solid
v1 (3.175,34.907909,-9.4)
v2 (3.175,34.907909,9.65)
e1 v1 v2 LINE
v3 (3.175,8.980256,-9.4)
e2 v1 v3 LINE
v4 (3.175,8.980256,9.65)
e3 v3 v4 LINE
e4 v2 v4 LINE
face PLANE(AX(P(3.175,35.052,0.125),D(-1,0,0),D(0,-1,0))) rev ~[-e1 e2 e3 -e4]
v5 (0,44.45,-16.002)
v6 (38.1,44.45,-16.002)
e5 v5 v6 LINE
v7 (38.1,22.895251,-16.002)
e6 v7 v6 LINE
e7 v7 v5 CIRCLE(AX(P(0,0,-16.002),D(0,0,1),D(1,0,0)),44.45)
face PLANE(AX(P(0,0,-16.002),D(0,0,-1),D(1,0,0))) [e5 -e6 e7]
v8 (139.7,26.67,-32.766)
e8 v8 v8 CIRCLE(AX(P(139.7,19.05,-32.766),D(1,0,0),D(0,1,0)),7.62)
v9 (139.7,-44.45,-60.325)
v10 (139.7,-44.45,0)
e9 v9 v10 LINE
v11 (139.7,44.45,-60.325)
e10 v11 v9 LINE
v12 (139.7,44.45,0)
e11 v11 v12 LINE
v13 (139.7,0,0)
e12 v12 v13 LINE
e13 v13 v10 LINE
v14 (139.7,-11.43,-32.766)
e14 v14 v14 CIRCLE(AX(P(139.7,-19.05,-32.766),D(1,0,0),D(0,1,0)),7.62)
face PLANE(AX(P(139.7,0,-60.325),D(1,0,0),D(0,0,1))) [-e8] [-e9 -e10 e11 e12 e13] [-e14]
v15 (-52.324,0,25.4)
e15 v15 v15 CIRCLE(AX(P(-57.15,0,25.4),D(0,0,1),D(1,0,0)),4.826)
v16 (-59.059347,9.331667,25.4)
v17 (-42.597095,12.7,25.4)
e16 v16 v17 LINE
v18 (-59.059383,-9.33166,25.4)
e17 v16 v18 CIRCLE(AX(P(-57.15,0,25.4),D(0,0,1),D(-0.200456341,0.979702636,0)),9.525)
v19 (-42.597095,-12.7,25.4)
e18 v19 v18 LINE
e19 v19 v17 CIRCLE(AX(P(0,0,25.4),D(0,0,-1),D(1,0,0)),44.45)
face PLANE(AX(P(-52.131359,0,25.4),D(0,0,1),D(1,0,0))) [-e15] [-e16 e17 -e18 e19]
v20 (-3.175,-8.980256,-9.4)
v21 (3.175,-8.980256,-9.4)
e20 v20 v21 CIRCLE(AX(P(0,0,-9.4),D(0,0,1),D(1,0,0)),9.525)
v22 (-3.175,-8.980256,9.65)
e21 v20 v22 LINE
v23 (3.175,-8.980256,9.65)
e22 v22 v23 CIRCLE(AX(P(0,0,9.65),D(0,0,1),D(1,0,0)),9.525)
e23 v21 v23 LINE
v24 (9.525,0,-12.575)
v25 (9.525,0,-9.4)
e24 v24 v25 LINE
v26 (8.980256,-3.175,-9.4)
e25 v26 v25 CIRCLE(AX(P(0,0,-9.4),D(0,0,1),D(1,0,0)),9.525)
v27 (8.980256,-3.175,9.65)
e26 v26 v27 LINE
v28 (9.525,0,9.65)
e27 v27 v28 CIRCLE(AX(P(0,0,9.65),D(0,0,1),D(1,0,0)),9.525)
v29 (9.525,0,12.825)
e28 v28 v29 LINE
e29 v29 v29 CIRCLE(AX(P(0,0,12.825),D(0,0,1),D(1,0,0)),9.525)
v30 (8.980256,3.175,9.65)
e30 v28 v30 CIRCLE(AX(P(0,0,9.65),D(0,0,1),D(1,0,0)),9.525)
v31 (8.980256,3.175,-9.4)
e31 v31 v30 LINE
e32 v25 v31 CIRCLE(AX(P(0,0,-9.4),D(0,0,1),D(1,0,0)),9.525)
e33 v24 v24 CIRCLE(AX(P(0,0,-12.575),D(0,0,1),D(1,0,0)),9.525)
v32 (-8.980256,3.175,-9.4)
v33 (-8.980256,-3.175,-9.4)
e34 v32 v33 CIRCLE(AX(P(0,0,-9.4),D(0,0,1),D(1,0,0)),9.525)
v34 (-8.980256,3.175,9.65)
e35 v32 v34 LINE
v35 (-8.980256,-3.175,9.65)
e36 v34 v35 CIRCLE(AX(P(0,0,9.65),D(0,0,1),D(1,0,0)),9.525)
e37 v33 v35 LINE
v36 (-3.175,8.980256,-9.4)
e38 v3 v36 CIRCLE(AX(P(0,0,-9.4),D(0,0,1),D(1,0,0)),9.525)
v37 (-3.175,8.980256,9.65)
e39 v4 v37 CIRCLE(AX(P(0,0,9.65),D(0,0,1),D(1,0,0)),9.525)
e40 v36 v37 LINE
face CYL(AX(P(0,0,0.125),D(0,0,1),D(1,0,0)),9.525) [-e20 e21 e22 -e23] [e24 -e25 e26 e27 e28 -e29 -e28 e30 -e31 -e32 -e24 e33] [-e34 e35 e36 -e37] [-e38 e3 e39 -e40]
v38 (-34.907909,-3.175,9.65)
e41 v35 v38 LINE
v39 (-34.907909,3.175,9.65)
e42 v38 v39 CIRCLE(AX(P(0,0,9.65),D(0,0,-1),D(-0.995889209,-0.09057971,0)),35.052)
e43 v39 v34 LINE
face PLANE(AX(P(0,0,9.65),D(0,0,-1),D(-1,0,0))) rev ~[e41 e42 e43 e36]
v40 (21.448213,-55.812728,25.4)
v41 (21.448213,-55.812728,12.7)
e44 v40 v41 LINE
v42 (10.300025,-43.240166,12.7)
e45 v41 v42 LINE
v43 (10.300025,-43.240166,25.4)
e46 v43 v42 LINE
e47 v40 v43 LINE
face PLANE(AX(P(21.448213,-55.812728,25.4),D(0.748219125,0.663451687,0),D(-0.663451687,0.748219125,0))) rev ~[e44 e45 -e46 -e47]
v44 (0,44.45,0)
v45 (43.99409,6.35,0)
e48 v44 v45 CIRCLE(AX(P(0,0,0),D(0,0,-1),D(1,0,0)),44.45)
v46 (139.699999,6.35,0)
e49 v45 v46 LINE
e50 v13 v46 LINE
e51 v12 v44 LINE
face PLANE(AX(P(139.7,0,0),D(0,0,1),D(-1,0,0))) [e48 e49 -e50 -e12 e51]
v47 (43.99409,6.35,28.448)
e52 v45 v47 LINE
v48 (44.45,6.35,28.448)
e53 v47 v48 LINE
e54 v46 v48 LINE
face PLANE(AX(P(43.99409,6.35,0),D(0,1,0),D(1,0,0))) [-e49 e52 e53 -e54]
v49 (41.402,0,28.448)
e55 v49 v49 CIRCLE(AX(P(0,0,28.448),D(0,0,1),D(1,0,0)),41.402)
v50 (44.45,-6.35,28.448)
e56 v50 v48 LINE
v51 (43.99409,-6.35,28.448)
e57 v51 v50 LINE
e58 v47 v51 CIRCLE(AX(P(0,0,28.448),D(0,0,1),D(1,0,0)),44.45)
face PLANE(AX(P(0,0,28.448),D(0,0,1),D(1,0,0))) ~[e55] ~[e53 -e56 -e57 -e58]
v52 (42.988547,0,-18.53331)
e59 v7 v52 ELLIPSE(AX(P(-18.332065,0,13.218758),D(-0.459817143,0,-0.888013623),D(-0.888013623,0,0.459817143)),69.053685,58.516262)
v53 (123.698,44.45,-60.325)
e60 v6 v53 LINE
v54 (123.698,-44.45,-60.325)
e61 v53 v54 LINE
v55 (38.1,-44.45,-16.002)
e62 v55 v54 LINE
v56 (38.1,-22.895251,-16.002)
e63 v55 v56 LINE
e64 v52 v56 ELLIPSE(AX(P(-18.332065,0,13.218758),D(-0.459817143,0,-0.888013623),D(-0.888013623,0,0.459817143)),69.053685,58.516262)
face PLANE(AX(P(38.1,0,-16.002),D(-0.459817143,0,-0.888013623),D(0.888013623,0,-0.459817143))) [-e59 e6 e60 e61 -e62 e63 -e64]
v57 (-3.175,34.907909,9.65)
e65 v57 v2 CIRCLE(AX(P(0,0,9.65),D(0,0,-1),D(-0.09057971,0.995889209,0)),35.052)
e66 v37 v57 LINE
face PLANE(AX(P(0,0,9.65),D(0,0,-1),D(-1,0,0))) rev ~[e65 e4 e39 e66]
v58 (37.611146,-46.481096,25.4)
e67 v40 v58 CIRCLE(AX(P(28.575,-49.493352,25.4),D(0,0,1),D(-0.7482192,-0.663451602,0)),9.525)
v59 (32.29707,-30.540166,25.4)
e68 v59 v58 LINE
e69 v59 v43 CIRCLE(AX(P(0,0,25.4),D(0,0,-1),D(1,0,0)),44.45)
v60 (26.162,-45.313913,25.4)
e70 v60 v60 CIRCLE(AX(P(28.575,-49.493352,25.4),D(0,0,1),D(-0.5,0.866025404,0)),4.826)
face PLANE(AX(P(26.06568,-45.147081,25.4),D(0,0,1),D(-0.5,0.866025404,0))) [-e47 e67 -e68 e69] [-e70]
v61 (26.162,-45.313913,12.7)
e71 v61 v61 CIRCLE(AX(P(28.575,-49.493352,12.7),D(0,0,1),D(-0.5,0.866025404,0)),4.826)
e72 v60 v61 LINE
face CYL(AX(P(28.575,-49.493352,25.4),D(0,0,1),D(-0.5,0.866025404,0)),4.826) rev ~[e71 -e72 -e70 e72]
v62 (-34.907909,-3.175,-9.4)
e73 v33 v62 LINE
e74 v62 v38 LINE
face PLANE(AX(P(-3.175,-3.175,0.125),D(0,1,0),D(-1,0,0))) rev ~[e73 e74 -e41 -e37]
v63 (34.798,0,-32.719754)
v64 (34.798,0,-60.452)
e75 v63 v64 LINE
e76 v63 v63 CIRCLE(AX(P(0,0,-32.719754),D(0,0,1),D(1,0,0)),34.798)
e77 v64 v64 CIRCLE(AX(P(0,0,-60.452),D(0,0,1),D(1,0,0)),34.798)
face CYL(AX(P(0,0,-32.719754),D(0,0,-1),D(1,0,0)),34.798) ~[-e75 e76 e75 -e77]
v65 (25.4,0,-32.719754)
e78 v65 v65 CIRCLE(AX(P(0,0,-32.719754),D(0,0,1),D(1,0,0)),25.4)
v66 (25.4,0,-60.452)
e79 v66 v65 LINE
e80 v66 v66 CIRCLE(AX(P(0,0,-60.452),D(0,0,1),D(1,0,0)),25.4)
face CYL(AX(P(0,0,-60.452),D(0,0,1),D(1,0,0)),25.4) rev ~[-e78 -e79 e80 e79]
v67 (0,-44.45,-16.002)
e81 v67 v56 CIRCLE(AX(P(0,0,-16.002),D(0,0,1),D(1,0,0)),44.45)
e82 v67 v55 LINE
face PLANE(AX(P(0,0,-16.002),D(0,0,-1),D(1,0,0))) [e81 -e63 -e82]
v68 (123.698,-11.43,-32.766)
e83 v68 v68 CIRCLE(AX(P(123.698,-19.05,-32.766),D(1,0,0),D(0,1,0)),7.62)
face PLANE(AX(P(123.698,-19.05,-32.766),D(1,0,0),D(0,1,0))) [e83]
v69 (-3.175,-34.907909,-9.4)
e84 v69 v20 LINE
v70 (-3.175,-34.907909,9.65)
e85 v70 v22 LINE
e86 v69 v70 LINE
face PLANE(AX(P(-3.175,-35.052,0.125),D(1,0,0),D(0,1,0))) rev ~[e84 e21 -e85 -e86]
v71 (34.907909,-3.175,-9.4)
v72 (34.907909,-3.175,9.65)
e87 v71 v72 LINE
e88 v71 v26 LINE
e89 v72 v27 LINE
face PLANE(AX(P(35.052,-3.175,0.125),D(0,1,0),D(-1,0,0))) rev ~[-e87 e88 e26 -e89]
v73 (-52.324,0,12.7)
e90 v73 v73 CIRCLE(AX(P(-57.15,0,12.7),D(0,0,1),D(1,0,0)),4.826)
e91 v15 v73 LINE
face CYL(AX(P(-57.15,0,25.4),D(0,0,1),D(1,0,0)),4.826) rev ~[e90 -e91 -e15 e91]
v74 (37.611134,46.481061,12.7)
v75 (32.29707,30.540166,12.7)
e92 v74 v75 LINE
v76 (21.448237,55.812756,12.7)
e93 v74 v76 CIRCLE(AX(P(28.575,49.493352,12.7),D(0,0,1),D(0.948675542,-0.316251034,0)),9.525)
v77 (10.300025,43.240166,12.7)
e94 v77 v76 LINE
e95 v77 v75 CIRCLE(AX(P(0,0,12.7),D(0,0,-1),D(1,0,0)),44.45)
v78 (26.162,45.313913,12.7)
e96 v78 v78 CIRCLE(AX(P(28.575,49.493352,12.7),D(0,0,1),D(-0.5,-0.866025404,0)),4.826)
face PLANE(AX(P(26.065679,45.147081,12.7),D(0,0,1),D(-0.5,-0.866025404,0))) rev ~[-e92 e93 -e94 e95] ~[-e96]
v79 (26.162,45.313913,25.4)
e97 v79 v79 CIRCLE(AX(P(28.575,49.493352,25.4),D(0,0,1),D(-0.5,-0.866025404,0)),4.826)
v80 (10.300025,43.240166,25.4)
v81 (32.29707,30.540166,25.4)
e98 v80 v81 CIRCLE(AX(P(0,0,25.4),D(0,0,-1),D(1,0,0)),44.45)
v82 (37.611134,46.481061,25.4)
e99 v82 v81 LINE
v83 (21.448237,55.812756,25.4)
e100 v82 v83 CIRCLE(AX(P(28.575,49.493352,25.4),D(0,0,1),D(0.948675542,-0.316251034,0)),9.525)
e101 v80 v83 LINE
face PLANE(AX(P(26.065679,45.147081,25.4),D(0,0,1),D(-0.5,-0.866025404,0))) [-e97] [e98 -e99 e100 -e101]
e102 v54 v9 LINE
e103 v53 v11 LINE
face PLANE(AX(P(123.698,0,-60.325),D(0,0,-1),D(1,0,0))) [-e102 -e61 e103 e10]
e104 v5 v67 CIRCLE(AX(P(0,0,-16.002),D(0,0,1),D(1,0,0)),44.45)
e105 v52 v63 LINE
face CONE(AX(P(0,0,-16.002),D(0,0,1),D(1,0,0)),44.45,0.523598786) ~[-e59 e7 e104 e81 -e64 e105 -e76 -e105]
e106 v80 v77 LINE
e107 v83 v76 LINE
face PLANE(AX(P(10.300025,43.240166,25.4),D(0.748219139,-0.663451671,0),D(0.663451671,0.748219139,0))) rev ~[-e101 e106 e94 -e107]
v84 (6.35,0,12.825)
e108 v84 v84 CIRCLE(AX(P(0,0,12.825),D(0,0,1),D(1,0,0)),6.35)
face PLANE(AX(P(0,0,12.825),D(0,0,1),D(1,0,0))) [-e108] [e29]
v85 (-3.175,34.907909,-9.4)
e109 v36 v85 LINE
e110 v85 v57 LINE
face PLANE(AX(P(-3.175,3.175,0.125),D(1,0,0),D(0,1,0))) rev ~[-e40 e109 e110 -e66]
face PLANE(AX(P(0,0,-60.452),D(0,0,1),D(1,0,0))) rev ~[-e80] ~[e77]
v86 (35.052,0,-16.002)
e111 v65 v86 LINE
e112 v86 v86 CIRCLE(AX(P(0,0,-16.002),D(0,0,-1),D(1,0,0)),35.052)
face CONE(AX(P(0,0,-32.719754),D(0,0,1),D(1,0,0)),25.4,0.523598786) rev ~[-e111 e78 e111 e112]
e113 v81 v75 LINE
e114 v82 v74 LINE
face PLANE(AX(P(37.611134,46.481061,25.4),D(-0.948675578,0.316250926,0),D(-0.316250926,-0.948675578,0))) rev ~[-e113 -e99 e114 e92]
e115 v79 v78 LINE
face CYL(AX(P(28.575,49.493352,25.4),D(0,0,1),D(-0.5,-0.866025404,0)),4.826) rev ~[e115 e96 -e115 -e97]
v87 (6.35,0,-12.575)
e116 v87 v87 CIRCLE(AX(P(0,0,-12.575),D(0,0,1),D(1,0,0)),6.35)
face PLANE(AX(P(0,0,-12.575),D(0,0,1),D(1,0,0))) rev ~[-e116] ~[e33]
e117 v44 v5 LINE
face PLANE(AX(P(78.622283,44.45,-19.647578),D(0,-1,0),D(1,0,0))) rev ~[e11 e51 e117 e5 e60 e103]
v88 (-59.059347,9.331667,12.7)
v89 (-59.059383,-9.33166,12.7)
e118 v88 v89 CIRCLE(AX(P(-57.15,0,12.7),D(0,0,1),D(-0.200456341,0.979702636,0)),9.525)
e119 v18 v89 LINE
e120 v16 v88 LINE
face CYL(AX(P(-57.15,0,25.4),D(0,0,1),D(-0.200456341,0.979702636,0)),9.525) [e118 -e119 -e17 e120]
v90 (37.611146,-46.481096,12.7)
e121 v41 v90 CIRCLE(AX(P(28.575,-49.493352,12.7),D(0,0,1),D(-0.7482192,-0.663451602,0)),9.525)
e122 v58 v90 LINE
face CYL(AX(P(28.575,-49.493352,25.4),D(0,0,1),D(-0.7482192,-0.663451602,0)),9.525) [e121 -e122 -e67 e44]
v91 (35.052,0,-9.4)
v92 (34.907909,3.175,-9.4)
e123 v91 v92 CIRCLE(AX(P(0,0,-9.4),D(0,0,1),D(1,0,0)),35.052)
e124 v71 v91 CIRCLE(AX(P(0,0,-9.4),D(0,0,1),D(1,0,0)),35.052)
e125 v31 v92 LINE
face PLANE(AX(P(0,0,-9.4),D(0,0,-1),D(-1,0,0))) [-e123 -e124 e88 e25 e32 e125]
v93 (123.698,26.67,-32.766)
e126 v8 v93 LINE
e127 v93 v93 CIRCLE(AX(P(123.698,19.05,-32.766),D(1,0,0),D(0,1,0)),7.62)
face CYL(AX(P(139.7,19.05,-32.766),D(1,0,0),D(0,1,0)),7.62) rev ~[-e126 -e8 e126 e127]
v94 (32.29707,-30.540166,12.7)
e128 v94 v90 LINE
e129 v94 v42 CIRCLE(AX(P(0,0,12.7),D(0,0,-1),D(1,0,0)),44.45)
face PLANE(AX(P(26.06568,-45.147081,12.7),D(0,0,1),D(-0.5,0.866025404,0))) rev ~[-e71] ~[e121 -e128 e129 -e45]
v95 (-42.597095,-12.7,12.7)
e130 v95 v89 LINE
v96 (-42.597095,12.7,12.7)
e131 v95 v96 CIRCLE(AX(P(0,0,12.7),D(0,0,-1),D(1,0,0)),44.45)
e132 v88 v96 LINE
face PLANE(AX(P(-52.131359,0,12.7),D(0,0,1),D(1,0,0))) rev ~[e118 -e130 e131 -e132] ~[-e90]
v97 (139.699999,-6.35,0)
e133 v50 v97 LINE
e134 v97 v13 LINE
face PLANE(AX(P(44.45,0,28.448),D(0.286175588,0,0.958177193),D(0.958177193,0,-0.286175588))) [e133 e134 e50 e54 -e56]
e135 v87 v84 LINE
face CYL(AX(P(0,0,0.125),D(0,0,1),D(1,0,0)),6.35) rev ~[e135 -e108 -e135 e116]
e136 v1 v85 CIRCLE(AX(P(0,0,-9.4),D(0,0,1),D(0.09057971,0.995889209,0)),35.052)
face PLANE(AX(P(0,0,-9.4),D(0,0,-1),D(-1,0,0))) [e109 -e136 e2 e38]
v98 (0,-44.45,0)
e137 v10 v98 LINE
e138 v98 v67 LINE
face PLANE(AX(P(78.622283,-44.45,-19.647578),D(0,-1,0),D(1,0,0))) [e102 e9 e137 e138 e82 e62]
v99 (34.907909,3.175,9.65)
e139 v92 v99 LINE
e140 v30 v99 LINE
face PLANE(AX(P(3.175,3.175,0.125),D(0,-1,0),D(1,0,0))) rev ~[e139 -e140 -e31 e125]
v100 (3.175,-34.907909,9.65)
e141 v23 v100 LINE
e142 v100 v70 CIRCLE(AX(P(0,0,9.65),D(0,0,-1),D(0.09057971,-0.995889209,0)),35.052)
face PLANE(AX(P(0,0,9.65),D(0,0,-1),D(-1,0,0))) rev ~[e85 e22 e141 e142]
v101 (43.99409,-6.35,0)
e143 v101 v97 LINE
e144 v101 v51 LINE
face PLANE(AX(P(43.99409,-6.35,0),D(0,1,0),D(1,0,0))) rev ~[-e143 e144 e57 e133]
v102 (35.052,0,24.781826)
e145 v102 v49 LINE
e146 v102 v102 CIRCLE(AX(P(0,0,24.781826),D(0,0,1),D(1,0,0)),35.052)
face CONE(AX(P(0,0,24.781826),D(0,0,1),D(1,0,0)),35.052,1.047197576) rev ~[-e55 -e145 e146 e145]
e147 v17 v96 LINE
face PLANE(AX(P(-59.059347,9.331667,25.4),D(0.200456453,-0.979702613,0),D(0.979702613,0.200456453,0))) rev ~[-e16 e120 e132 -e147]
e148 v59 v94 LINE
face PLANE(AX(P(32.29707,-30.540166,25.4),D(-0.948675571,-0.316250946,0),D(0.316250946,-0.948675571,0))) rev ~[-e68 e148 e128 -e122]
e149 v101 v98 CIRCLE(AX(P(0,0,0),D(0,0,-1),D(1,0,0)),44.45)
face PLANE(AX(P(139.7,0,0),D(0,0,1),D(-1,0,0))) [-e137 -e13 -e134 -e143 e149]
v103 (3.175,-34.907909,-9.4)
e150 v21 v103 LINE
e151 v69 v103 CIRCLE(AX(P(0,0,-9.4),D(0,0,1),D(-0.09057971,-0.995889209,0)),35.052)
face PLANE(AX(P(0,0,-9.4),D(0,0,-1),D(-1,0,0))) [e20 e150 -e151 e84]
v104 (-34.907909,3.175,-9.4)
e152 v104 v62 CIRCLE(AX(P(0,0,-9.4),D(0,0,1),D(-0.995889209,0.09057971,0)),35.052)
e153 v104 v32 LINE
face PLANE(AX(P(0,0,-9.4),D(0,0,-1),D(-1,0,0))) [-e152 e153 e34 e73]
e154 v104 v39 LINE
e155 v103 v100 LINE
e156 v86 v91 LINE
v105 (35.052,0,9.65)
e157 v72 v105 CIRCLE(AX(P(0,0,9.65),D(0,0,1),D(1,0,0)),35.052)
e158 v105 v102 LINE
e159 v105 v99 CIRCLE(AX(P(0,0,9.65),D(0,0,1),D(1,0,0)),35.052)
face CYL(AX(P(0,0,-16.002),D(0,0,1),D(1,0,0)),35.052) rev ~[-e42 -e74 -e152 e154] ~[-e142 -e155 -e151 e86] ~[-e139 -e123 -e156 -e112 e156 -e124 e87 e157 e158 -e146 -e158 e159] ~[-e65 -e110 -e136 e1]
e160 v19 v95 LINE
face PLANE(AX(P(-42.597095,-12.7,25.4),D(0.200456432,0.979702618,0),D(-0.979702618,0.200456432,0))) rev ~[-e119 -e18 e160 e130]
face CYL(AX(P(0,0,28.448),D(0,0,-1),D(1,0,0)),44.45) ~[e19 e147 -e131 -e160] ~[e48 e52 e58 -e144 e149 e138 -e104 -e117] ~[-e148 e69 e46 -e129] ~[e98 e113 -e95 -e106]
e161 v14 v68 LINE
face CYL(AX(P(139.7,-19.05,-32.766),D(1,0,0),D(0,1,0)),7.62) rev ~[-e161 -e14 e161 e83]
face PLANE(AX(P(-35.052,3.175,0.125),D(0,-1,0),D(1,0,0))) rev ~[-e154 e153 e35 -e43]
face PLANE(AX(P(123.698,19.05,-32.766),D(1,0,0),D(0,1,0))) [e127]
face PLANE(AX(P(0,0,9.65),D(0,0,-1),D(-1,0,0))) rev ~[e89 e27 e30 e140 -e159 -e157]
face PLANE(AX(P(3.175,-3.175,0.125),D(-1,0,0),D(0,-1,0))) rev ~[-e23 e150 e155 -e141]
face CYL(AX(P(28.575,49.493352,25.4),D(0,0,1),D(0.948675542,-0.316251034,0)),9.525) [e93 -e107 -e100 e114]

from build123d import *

# Parameters (mm, degrees)
PAD_DEPTH            = 44.45
SKETCH002_R          = 35.052
POCKET_DEPTH         = 16.002
SKETCH003_R          = 4.826
PAD001_DEPTH         = 12.7
POLARPATTERN_COUNT   = 3
PAD002_DEPTH         = 9.525
SKETCH005_R          = 9.525
PAD003_DEPTH         = 12.7
SKETCH006_R          = 6.35
POCKET001_DEPTH      = 12.7
SKETCH007_W          = 95.705909
SKETCH007_H          = 12.7
PAD004_DEPTH         = 28.448
POCKET002_DEPTH      = 59.019352
POCKET002_DEPTH_BACK = -59.019352
SKETCH009_R          = 7.62
POCKET003_DEPTH      = 16.002


with BuildPart() as part:
    # Sketch → Pad (new body, symmetric)
    with BuildSketch(Plane.XZ):
        Polygon((38.1, -16.002), (123.698, -60.325), (139.7, -60.325), (139.7, 0), (38.1, 0), (0, 0), (0, -16.002), align=None)
    extrude(amount=PAD_DEPTH, both=True)

    # Sketch001 → Revolution (revolve)
    with BuildSketch(Plane.XZ):
        Polygon((44.45, 28.448), (44.45, -16.002), (34.798, -32.719754), (34.798, -60.452), (25.4, -60.452), (25.4, -32.719754), (35.052, -16.002), (35.052, 24.781826), (41.402, 28.448), align=None)
    revolve(axis=Axis((0, 0, 0), (0, 0, 1)))

    # Sketch002 → Pocket (cut)
    with BuildSketch(Plane.XY):
        Circle(SKETCH002_R)
    extrude(amount=-POCKET_DEPTH, mode=Mode.SUBTRACT)

    # Sketch003 (on DatumPlane) → Pad001 (join)
    with BuildSketch(Plane.XY.offset(25.4)):
        with BuildLine():
            ThreePointArc((-59.059347, 9.331667), (-66.675, 1.8e-05), (-59.059383, -9.33166))
            Line((-42.597095, -12.7), (-59.059383, -9.33166))
            Line((-42.597095, 12.7), (-42.597095, -12.7))
            Line((-59.059347, 9.331667), (-42.597095, 12.7))
        make_face()
        with Locations((-57.15, 0)):
            Circle(SKETCH003_R, mode=Mode.SUBTRACT)
    pad001 = extrude(amount=-PAD001_DEPTH)

    # PolarPattern: Pad001 ×3 about axis
    polarpattern_axis = Axis((0, 0, 25.4), (0, 0, 1))
    for i in range(1, POLARPATTERN_COUNT):
        add(pad001.rotate(polarpattern_axis, i * 360 / POLARPATTERN_COUNT))

    # Sketch004 (on DatumPlane) → Pad002 (join, symmetric)
    with BuildSketch(Plane.XY.offset(0.125)):
        Polygon((-35.052, 3.175), (-3.175, 3.175), (-3.175, 35.052), (3.175, 35.052), (3.175, 3.175), (35.052, 3.175), (35.052, -3.175), (3.175, -3.175), (3.175, -35.052), (-3.175, -35.052), (-3.175, -3.175), (-35.052, -3.175), align=None)
    extrude(amount=PAD002_DEPTH, both=True)

    # Sketch005 (on DatumPlane) → Pad003 (join, symmetric)
    with BuildSketch(Plane.XY.offset(0.125)):
        Circle(SKETCH005_R)
    extrude(amount=PAD003_DEPTH, both=True)

    # Sketch006 (on DatumPlane) → Pocket001 (cut, symmetric)
    with BuildSketch(Plane.XY.offset(0.125)):
        Circle(SKETCH006_R)
    extrude(amount=POCKET001_DEPTH, both=True, mode=Mode.SUBTRACT)

    # Sketch007 → Pad004 (join)
    with BuildSketch(Plane.XY):
        with Locations((91.847045, 0)):
            Rectangle(SKETCH007_W, SKETCH007_H)
    extrude(amount=PAD004_DEPTH)

    # Sketch008 → Pocket002 (cut, two sides)
    with BuildSketch(Plane.XZ) as pocket002_sk:
        Polygon((44.45, 28.448), (139.7, 0), (139.7, 28.448), align=None)
    extrude(amount=-POCKET002_DEPTH, mode=Mode.SUBTRACT)
    extrude(pocket002_sk.sketch, amount=-POCKET002_DEPTH_BACK, mode=Mode.SUBTRACT)

    # Sketch009 (on DatumPlane) → Pocket003 (cut)
    with BuildSketch(Plane.YZ.offset(139.7)):
        with Locations((-19.05, -32.766)):
            Circle(SKETCH009_R)
        with Locations((19.05, -32.766)):
            Circle(SKETCH009_R)
    extrude(amount=-POCKET003_DEPTH, mode=Mode.SUBTRACT)


solid = part.part
